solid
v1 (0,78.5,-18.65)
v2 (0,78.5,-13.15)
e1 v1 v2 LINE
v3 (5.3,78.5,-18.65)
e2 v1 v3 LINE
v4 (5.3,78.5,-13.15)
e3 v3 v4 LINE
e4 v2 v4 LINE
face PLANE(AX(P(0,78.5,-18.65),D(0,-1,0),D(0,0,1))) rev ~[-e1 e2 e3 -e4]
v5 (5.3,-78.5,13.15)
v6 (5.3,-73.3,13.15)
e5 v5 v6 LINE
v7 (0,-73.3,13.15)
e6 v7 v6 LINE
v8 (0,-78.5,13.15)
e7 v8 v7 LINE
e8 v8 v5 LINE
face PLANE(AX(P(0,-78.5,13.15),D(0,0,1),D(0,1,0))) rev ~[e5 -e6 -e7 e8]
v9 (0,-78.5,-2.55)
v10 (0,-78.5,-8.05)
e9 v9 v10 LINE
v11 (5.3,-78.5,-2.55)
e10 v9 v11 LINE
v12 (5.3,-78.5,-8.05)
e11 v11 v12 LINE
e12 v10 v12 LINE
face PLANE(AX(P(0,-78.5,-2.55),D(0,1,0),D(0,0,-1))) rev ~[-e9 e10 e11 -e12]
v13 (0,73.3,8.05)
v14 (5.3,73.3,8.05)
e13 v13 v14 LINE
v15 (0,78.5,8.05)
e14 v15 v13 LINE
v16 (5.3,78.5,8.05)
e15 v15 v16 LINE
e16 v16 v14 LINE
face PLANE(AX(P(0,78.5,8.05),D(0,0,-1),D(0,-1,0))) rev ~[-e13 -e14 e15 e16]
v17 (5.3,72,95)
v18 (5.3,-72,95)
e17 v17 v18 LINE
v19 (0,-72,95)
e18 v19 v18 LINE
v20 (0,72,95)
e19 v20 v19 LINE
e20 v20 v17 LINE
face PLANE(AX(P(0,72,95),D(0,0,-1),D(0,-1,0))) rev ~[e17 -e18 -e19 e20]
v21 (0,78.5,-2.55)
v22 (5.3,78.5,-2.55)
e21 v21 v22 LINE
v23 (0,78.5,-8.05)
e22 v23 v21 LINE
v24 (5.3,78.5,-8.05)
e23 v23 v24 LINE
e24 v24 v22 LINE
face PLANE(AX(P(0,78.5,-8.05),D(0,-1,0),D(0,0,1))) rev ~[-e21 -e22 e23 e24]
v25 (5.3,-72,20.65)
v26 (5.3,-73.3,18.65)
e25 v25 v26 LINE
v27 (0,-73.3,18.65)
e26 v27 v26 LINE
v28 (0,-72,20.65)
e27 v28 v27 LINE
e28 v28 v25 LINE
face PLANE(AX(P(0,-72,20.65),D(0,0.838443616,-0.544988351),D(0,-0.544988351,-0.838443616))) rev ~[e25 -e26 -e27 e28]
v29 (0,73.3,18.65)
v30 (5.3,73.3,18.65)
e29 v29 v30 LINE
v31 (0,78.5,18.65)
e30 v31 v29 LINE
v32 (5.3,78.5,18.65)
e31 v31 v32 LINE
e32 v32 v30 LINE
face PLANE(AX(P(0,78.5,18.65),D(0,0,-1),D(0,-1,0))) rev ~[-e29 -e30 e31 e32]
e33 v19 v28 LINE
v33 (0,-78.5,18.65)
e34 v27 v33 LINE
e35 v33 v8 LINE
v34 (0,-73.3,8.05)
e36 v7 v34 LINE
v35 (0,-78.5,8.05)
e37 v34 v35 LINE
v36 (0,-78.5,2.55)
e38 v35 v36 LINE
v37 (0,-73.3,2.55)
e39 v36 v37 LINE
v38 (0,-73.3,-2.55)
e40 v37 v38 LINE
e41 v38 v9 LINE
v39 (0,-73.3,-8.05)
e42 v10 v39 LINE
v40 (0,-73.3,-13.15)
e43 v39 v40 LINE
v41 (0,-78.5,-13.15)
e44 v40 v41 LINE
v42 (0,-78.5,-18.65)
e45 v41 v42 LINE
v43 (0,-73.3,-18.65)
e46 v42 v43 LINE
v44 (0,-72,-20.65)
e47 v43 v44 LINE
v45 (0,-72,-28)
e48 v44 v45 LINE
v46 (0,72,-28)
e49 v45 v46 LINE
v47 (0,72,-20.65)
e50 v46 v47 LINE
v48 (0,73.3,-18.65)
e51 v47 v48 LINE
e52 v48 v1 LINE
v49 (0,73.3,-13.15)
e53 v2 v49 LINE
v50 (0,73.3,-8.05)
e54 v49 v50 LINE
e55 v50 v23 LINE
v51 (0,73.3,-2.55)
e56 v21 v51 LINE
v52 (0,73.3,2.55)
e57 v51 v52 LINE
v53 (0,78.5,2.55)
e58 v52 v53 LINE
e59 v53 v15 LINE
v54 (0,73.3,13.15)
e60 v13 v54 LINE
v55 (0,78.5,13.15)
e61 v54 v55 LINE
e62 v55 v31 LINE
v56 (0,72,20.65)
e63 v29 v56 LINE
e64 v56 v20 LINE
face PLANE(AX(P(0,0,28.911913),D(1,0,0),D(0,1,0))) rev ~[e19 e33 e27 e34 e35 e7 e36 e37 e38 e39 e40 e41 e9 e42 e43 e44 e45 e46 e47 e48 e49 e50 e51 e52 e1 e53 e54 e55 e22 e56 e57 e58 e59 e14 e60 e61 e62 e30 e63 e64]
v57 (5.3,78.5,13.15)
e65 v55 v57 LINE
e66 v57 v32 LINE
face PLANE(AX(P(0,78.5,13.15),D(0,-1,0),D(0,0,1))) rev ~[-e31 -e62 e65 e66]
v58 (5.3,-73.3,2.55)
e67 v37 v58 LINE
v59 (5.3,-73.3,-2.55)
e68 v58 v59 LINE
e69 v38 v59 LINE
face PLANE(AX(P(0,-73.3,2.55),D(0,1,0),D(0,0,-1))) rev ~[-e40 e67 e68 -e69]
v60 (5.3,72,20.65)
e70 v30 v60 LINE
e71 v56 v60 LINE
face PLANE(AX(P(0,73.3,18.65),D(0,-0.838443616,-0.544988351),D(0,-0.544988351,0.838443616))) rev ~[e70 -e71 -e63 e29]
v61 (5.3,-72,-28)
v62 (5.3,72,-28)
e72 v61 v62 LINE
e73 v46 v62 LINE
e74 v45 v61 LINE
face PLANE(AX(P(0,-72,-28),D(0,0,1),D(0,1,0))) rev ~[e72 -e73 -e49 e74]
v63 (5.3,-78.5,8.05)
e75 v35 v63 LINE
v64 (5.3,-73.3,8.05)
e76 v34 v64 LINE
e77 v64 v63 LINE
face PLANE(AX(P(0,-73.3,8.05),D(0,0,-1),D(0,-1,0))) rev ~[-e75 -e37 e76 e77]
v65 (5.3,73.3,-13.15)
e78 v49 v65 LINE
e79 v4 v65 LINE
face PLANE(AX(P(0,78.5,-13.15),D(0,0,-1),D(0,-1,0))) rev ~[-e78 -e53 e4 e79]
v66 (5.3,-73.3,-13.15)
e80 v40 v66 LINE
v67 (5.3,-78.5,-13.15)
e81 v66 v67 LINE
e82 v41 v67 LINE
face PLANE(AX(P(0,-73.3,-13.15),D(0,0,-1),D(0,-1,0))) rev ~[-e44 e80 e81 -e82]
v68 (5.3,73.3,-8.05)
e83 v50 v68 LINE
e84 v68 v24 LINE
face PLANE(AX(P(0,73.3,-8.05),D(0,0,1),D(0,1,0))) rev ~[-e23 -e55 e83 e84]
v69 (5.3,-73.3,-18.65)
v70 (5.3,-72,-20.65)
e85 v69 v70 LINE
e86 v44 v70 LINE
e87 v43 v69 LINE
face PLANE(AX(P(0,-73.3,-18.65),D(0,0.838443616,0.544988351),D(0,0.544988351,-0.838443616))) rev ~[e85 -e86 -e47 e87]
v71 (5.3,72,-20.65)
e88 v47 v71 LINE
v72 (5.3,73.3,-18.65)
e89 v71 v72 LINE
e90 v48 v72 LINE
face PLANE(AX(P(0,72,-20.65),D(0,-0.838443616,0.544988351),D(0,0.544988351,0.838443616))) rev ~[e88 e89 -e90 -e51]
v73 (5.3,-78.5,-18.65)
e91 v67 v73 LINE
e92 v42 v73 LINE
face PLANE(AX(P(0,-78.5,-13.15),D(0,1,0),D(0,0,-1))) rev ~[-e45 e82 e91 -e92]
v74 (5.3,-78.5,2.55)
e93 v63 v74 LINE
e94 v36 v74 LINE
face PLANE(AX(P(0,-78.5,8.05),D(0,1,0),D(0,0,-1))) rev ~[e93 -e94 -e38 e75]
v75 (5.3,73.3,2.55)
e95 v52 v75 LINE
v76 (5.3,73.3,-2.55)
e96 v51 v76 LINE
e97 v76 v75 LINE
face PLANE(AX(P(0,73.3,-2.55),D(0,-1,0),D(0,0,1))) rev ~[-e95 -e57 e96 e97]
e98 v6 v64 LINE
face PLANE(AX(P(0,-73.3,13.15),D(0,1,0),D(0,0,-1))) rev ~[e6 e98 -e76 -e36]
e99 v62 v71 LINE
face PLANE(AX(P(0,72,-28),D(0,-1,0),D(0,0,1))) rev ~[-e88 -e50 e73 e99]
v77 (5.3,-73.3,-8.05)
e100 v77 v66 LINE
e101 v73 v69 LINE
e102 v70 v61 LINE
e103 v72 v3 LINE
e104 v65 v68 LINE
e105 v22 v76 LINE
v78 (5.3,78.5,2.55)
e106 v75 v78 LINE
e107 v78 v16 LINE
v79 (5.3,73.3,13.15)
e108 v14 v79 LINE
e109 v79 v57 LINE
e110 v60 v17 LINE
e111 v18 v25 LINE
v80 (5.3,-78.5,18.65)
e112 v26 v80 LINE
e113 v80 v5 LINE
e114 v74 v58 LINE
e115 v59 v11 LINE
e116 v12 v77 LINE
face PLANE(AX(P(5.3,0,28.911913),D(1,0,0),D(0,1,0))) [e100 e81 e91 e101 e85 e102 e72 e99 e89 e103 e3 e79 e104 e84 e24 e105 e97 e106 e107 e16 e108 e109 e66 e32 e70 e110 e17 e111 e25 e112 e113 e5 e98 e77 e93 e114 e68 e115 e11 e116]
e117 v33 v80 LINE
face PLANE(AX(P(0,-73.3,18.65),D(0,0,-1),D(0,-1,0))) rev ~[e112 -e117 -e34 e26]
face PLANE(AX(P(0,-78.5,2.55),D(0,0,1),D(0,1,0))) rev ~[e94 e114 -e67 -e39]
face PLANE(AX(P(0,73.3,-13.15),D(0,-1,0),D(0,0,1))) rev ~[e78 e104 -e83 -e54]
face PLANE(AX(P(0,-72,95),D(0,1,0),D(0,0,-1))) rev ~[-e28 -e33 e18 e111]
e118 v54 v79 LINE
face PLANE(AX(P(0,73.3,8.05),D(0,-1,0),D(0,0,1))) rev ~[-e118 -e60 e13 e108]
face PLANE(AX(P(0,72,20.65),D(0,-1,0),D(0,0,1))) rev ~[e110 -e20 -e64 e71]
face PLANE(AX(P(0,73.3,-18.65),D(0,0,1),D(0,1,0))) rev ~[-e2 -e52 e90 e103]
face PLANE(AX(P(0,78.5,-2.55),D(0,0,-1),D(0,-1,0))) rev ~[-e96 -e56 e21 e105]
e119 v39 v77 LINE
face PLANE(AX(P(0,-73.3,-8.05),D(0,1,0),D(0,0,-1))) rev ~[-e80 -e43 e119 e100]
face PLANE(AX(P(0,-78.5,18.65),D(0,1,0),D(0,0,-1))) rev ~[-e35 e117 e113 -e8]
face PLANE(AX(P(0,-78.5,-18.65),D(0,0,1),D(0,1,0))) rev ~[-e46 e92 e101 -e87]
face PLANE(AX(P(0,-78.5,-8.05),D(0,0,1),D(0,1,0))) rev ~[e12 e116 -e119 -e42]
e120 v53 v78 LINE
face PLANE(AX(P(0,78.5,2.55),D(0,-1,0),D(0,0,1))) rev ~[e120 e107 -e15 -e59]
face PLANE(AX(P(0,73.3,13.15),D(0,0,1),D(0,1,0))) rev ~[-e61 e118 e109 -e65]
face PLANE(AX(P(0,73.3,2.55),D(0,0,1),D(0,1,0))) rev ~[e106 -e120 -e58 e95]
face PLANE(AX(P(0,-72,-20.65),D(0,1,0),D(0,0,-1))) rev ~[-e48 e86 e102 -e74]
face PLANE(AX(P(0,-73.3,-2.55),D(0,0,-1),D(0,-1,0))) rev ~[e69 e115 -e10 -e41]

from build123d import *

# Parameters (mm, degrees)
F1_DEPTH = 5.3


with BuildPart() as f1:
    # F0 (on Right) → F1 (new body)
    with BuildSketch(Plane.YZ):
        Polygon((-72, 20.65), (-73.3, 18.65), (-78.5, 18.65), (-78.5, 13.15), (-73.3, 13.15), (-73.3, 8.05), (-78.5, 8.05), (-78.5, 2.55), (-73.3, 2.55), (-73.3, -2.55), (-78.5, -2.55), (-78.5, -8.05), (-73.3, -8.05), (-73.3, -13.15), (-78.5, -13.15), (-78.5, -18.65), (-73.3, -18.65), (-72, -20.65), (-72, -28), (72, -28), (72, -20.65), (73.3, -18.65), (78.5, -18.65), (78.5, -13.15), (73.3, -13.15), (73.3, -8.05), (78.5, -8.05), (78.5, -2.55), (73.3, -2.55), (73.3, 2.55), (78.5, 2.55), (78.5, 8.05), (73.3, 8.05), (73.3, 13.15), (78.5, 13.15), (78.5, 18.65), (73.3, 18.65), (72, 20.65), (72, 95), (-72, 95), align=None)
    extrude(amount=F1_DEPTH)


solid = f1.part
